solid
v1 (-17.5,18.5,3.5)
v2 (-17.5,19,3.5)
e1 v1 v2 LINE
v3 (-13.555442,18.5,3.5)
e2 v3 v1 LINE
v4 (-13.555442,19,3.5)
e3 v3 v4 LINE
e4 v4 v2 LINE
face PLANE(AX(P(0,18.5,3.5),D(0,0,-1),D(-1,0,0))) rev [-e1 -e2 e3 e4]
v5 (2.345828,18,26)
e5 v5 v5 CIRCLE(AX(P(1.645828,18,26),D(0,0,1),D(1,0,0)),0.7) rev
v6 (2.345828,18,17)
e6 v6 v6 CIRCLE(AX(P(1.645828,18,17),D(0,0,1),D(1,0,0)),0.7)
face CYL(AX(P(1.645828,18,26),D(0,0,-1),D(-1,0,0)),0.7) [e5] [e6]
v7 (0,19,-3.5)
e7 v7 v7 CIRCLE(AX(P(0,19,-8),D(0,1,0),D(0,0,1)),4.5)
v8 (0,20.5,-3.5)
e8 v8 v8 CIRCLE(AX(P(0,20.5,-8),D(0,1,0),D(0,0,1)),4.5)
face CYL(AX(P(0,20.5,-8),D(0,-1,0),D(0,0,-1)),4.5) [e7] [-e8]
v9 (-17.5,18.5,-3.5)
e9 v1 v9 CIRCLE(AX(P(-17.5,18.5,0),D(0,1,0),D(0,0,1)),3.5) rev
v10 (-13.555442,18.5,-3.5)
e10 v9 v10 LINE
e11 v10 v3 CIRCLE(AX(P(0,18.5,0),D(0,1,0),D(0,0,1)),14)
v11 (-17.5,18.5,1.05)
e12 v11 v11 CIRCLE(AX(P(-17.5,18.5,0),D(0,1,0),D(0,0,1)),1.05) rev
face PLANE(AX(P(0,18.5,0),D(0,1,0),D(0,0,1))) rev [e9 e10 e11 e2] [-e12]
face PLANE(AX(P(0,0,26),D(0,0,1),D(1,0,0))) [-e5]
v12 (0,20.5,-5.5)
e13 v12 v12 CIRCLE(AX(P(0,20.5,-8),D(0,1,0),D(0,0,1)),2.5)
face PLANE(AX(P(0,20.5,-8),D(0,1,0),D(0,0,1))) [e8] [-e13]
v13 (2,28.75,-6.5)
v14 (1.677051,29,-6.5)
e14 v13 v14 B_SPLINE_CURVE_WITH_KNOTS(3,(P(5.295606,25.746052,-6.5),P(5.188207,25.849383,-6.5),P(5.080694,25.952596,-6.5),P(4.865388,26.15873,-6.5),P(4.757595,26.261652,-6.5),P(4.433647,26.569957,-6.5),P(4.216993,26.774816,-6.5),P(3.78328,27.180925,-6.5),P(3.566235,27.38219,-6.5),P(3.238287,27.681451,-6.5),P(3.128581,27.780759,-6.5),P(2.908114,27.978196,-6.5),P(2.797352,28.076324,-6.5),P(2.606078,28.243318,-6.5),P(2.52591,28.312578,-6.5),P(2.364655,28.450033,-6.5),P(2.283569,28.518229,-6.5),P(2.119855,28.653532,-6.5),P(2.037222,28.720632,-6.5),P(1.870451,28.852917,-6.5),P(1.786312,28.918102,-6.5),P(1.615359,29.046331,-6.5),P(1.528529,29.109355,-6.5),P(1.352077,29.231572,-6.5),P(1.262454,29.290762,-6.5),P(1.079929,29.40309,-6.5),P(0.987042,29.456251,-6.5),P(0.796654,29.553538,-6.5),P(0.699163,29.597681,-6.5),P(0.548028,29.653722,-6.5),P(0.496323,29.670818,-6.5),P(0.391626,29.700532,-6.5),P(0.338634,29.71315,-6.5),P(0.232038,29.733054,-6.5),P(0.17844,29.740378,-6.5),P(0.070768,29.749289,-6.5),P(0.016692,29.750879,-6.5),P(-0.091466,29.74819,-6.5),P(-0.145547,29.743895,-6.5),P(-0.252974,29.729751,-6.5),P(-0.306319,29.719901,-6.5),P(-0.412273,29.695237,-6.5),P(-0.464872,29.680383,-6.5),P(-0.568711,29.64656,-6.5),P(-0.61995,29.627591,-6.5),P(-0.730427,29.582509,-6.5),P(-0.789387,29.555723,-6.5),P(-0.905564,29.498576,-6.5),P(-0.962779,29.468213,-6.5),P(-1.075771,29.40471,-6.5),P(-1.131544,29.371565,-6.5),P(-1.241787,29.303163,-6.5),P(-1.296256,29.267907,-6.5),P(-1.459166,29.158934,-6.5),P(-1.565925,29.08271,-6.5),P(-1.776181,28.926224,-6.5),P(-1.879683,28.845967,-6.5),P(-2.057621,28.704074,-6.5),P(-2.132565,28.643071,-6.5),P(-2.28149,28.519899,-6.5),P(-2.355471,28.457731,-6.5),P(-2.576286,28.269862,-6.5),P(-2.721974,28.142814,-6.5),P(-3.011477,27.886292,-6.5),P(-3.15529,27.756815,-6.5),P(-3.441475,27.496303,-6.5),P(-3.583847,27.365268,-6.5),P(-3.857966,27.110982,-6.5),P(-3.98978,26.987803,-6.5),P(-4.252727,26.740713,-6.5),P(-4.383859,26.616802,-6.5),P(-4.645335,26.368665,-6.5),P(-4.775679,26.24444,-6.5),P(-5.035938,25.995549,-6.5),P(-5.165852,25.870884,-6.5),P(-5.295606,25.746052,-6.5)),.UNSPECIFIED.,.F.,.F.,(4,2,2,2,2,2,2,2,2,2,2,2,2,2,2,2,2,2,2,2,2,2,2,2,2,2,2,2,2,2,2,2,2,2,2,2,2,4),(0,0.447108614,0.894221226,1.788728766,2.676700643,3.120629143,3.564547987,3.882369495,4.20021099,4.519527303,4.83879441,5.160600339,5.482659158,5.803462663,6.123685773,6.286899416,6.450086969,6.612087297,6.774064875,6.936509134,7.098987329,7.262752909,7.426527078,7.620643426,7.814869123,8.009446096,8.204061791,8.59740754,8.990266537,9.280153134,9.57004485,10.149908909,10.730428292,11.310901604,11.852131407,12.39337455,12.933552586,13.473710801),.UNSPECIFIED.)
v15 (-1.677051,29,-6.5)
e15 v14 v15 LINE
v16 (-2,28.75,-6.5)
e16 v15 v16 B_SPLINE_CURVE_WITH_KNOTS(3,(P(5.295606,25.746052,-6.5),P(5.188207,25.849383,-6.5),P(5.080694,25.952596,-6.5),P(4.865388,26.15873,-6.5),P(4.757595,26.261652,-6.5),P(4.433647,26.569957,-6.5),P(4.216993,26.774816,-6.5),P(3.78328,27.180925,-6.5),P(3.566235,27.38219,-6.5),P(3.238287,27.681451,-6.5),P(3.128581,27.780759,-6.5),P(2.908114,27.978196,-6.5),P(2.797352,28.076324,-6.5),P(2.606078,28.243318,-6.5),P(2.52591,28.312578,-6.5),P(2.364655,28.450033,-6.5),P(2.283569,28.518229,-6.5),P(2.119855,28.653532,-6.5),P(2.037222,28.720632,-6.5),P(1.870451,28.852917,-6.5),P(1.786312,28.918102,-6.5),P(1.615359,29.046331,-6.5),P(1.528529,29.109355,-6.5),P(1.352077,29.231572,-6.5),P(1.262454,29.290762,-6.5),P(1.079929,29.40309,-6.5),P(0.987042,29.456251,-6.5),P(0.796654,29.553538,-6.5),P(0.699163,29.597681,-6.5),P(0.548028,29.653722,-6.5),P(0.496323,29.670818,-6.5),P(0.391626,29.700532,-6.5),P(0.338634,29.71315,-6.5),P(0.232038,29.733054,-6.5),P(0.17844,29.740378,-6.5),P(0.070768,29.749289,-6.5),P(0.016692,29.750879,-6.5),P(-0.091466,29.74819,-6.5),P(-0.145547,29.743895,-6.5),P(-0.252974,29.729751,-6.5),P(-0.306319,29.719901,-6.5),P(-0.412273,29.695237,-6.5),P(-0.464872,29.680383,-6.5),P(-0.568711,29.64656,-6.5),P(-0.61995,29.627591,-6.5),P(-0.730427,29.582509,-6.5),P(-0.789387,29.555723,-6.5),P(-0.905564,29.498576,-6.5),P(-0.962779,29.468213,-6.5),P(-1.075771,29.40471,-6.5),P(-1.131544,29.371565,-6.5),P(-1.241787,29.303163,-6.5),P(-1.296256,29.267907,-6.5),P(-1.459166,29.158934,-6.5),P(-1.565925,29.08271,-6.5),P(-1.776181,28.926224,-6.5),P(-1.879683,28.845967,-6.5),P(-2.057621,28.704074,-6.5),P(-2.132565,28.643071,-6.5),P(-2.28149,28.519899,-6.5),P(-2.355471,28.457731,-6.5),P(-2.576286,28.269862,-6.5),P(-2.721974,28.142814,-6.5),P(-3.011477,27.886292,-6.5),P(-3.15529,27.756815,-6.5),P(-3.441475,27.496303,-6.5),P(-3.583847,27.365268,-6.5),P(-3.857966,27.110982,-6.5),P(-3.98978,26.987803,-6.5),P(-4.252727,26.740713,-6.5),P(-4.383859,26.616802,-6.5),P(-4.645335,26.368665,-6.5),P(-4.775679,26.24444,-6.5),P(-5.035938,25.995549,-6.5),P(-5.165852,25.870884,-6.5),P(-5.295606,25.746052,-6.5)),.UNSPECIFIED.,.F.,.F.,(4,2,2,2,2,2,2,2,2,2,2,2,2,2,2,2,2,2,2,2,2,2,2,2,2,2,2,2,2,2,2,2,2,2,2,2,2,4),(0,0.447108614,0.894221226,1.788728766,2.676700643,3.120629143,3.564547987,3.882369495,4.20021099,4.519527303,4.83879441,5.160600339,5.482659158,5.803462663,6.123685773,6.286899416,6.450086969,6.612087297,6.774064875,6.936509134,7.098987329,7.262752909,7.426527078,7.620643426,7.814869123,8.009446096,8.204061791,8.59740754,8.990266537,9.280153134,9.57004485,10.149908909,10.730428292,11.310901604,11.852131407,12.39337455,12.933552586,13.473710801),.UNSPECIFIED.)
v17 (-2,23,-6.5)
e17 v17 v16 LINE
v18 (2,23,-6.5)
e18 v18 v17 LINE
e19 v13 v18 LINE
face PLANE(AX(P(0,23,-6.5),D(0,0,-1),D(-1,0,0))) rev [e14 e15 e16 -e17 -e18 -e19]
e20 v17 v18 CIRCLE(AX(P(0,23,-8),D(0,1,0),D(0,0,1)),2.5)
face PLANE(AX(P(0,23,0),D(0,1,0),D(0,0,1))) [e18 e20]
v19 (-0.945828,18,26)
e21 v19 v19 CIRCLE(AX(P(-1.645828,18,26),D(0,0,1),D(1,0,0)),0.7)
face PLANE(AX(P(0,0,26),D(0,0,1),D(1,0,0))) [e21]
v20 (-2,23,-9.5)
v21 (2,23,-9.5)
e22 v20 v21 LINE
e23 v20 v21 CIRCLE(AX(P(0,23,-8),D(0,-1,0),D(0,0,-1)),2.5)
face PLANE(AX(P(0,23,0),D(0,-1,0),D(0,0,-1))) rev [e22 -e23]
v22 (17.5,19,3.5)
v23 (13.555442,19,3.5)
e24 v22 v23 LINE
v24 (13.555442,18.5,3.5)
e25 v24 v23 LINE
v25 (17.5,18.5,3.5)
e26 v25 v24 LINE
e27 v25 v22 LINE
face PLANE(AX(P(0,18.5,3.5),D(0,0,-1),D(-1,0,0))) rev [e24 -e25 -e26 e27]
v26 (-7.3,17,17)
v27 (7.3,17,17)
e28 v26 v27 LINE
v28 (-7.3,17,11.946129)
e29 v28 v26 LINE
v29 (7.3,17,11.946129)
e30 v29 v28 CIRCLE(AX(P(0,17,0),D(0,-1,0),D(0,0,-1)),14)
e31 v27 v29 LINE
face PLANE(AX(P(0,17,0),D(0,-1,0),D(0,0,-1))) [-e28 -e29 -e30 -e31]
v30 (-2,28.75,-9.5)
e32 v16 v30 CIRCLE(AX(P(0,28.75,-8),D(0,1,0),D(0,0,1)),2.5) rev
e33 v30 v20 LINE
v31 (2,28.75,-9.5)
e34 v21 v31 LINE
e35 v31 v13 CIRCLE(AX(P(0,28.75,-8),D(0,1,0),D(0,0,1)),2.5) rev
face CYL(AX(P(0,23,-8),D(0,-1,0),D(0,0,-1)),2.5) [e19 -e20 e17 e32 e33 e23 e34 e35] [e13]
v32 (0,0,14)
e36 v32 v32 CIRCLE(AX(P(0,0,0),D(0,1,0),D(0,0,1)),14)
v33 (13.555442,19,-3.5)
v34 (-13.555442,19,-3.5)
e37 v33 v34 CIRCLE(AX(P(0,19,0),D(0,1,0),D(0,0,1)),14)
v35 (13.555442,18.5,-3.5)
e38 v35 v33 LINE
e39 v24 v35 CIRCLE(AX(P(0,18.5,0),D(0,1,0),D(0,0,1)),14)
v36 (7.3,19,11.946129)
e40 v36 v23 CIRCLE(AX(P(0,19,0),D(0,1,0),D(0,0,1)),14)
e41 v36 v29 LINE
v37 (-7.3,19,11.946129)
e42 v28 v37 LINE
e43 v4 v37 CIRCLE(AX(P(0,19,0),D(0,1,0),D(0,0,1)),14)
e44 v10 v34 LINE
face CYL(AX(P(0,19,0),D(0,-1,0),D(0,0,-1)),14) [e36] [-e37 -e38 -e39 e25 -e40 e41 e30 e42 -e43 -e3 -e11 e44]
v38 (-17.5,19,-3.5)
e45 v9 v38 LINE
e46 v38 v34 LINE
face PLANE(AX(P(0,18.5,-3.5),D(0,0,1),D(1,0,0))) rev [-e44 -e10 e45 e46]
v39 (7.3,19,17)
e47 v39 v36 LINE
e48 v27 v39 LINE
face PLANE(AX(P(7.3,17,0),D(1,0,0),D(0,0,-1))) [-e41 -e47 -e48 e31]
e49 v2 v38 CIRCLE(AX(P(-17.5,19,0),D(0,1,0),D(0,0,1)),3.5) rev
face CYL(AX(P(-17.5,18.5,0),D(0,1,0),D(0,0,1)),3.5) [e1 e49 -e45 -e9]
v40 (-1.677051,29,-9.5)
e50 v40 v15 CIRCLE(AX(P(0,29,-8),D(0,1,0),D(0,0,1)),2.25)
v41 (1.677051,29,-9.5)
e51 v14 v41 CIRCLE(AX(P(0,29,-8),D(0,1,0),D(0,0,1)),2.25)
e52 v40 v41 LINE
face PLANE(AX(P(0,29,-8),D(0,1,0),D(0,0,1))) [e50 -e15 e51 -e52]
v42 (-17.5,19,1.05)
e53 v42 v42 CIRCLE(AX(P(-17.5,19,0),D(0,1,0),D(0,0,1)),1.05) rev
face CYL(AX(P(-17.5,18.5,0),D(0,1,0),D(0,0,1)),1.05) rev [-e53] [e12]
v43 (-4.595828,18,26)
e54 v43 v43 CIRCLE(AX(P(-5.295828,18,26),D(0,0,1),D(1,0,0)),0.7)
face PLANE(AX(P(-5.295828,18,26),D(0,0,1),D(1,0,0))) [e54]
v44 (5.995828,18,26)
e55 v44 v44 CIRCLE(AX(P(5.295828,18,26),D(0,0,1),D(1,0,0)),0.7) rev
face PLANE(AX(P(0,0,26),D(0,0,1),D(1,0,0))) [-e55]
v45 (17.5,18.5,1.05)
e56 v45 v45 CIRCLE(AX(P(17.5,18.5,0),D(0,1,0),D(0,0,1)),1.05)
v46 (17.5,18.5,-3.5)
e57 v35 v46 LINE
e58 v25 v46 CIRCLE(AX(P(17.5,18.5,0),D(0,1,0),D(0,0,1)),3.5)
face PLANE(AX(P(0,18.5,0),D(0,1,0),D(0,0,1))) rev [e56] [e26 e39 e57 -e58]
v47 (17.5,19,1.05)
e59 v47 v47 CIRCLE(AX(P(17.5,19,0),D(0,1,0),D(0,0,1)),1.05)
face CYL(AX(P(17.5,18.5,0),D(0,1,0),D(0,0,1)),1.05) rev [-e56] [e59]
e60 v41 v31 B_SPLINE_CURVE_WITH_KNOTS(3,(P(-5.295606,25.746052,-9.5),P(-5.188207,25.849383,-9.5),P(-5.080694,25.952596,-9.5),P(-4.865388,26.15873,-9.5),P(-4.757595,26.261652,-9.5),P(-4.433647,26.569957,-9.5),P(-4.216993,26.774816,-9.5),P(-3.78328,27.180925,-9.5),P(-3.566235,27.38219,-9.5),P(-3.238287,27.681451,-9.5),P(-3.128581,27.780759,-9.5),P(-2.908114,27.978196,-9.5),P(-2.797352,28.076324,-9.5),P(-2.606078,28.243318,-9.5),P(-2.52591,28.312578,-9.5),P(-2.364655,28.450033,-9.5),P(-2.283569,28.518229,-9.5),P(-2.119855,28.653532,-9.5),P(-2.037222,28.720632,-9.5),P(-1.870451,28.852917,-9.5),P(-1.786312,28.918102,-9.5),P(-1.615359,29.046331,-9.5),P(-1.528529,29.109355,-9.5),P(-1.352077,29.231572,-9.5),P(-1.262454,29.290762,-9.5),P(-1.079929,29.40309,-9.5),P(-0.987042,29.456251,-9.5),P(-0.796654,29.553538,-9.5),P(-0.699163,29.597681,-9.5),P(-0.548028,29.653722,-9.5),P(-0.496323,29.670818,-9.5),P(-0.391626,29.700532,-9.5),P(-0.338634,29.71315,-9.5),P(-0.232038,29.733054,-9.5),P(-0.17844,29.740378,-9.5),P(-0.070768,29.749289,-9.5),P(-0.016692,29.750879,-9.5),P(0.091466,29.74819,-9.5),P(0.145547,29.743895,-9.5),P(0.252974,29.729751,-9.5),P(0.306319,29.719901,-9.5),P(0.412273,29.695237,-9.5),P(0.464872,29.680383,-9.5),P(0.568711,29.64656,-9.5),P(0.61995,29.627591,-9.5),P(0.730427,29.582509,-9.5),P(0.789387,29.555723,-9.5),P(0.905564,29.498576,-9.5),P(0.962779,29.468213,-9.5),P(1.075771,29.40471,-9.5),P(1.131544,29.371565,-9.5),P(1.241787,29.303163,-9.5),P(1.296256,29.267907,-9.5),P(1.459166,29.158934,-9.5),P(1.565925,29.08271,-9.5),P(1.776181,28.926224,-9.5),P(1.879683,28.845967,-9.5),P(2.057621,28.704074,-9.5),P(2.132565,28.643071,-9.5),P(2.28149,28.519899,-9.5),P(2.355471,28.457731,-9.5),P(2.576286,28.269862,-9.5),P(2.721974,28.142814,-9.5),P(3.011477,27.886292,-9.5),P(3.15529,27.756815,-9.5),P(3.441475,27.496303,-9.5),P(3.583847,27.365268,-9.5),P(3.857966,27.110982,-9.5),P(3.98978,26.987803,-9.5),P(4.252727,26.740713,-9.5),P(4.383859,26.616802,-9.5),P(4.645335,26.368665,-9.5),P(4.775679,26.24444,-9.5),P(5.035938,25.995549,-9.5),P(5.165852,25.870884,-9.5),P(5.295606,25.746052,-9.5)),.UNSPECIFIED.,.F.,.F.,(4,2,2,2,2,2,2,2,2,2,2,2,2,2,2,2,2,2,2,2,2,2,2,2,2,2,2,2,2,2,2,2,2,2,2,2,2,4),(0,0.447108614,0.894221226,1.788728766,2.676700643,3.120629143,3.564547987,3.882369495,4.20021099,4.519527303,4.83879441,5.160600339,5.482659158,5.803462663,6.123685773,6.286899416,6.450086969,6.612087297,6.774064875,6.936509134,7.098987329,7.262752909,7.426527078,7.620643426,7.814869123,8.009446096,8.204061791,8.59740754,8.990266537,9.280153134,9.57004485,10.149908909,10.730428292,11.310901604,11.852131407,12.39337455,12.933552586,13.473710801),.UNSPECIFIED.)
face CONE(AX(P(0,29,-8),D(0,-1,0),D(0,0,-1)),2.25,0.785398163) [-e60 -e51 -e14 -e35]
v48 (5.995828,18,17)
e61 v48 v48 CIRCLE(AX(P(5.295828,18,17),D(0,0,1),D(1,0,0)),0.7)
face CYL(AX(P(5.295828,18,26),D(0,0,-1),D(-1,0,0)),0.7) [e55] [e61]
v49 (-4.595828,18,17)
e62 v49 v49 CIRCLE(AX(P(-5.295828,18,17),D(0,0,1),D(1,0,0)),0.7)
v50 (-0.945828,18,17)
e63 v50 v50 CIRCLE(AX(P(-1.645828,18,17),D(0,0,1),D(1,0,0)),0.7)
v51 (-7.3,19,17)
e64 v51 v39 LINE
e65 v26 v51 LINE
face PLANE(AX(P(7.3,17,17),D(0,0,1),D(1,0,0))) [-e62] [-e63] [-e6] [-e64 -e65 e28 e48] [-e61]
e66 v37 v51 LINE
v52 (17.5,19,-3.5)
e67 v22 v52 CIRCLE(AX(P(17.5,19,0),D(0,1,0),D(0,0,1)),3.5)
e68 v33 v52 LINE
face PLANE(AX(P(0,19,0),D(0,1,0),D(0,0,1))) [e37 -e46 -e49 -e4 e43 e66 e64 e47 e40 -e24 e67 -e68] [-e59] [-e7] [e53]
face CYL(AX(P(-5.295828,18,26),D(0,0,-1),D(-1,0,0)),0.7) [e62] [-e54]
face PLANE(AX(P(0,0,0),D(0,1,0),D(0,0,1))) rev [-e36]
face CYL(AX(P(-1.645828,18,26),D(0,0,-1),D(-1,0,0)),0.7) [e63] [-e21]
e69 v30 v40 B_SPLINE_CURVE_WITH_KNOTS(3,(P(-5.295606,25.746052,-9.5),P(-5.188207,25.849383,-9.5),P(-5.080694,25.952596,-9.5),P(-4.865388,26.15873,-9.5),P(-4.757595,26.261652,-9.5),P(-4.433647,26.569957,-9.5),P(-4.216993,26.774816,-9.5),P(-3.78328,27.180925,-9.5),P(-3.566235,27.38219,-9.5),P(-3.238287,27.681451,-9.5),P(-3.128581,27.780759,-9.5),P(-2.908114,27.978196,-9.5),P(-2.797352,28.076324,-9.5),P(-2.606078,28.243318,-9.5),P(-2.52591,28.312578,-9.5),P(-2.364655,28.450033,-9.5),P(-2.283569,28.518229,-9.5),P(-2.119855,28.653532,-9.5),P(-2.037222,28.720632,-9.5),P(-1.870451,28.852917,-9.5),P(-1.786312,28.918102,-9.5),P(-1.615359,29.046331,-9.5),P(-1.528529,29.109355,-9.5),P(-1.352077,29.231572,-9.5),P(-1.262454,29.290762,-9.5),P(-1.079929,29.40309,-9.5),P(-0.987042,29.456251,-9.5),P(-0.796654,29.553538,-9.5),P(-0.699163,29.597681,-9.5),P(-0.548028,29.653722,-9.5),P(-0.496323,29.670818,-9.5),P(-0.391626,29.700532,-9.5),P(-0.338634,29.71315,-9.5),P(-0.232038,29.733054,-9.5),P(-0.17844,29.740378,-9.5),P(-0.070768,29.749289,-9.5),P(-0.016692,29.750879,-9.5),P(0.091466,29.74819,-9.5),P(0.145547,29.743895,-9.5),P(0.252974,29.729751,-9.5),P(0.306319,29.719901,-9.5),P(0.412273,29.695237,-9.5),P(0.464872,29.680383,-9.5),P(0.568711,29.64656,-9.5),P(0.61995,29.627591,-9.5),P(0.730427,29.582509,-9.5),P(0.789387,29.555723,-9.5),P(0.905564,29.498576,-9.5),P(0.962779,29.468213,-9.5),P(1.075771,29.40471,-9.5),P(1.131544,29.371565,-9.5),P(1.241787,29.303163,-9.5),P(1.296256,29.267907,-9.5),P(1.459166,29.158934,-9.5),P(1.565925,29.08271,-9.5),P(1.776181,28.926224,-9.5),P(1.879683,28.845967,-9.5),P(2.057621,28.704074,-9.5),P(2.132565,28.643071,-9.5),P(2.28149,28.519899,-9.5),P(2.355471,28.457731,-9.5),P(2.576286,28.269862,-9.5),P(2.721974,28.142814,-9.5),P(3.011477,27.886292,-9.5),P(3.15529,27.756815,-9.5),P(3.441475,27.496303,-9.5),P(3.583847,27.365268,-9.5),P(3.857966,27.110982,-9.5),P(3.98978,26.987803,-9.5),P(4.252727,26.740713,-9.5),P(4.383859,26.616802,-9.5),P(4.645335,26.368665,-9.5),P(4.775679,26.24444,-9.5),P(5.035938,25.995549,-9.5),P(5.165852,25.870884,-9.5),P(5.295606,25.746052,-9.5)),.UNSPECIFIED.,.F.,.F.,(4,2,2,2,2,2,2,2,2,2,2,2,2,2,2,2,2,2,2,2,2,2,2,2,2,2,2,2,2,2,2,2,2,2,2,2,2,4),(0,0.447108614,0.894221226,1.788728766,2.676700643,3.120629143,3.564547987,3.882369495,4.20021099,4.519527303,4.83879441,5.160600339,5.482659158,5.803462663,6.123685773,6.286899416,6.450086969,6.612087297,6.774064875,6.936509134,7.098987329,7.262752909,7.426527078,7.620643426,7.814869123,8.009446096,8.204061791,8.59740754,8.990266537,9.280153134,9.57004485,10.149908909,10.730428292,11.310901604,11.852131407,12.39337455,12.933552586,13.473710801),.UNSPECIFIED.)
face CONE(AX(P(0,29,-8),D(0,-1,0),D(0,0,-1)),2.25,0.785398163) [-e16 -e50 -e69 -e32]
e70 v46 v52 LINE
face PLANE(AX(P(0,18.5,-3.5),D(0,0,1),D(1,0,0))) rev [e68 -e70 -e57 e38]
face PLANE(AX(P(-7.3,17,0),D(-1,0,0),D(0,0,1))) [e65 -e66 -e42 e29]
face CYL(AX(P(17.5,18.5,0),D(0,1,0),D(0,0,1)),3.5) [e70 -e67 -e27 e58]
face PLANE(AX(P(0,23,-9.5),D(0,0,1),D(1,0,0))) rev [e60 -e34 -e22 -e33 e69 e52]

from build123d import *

# Parameters (mm, degrees)
SKETCH1_R           = 14
BOSS_EXTRUDE1_DEPTH = 19
SKETCH2_R           = 4.5
BOSS_EXTRUDE2_DEPTH = 1.5
SKETCH3_R           = 2.5
BOSS_EXTRUDE3_DEPTH = 2.5
SKETCH4_R           = 2.5
BOSS_EXTRUDE4_DEPTH = 6
CHAMFER1_SIZE       = 0.25
BOSS_EXTRUDE5_START = -0.5
SKETCH6_R           = 1.05
BOSS_EXTRUDE5_DEPTH = 0.5
CUT_EXTRUDE1_DEPTH  = 6
SKETCH8_W           = 14.6
SKETCH8_H           = 17
BOSS_EXTRUDE6_DEPTH = 2
SKETCH9_R           = 0.7
BOSS_EXTRUDE7_DEPTH = 9


with BuildPart() as part:
    # Sketch1 → Boss-Extrude1 (new body)
    with BuildSketch(Plane(origin=(0, 0, 0), x_dir=(1, 0, 0), z_dir=(0, 1, 0))):
        with Locations(Location((0, 0, 0), (0, 0, 270))):
            Circle(SKETCH1_R)
    extrude(amount=BOSS_EXTRUDE1_DEPTH)

    # Sketch2 → Boss-Extrude2 (add)
    with BuildSketch(Plane(origin=(0, 19, 0), x_dir=(1, 0, 0), z_dir=(0, 1, 0))):
        with Locations(Location((0, 8, 0), (0, 0, 270))):
            Circle(SKETCH2_R)
    extrude(amount=BOSS_EXTRUDE2_DEPTH)

    # Sketch3 → Boss-Extrude3 (add)
    with BuildSketch(Plane(origin=(0, 20.5, 0), x_dir=(1, 0, 0), z_dir=(0, 1, 0))):
        with Locations(Location((0, 8, 0), (0, 0, 270))):
            Circle(SKETCH3_R)
    extrude(amount=BOSS_EXTRUDE3_DEPTH)

    # Sketch4 → Boss-Extrude4 (add)
    with BuildSketch(Plane(origin=(0, 23, 0), x_dir=(1, 0, 0), z_dir=(0, 1, 0))):
        with Locations(Location((0, 8, 0), (0, 0, 270))):
            Circle(SKETCH4_R)
    extrude(amount=BOSS_EXTRUDE4_DEPTH)

    # Chamfer1
    chamfer1_edges = [part.edges().sort_by_distance(p)[0] for p in [
        (0, 29, -10.5),
    ]]
    chamfer(chamfer1_edges, length=CHAMFER1_SIZE)

    # Sketch6 → Boss-Extrude5 (add)
    # profile 1 of 2: a face of its own
    with BuildSketch(Plane(origin=(0, 19, 0), x_dir=(1, 0, 0), z_dir=(0, 1, 0)).offset(BOSS_EXTRUDE5_START)):
        with BuildLine():
            Line((-13.555441712, 3.5), (-17.5, 3.5))
            ThreePointArc((-17.5, 3.5), (-21, 0), (-17.5, -3.5))
            Line((-17.5, -3.5), (-13.555441712, -3.5))
            ThreePointArc((-13.555441712, -3.5), (-14, 0), (-13.555441712, 3.5))
        make_face()
        with Locations(Location((-17.5, 0, 0), (0, 0, 270))):
            Circle(SKETCH6_R, mode=Mode.SUBTRACT)
    # profile 2 of 2: a face of its own
    with BuildSketch(Plane(origin=(0, 19, 0), x_dir=(1, 0, 0), z_dir=(0, 1, 0)).offset(BOSS_EXTRUDE5_START)):
        with BuildLine():
            Line((17.5, 3.5), (13.555441712, 3.5))
            ThreePointArc((13.555441712, 3.5), (13.888415748, 1.764060095), (14, 0))
            ThreePointArc((14, 0), (13.888415748, -1.764060095), (13.555441712, -3.5))
            Line((13.555441712, -3.5), (17.5, -3.5))
            ThreePointArc((17.5, -3.5), (21, 0), (17.5, 3.5))
        make_face()
        with BuildLine():
            ThreePointArc((16.45, 0), (17.5, 1.05), (18.55, 0))
            ThreePointArc((18.55, 0), (17.5, -1.05), (16.45, 0))
        make_face(mode=Mode.SUBTRACT)
    extrude(amount=BOSS_EXTRUDE5_DEPTH)

    # Sketch7 → Cut-Extrude1 (cut)
    with BuildSketch(Plane(origin=(0, 29, 0), x_dir=(1, 0, 0), z_dir=(0, 1, 0))):
        Polygon((0, 9.5), (-3.852733209, 9.5), (-3.852733209, 12.808282557), (3.692444336, 12.808282557), (3.692444336, 9.5), align=None)
        Polygon((3.692444336, 6.5), (0, 6.5), (-3.852733209, 6.5), (-3.852733209, 3.191717443), (3.692444336, 3.191717443), align=None)
    extrude(amount=-CUT_EXTRUDE1_DEPTH, mode=Mode.SUBTRACT)

    # Sketch8 → Boss-Extrude6 (add)
    with BuildSketch(Plane(origin=(0, 19, 0), x_dir=(1, 0, 0), z_dir=(0, 1, 0))):
        with Locations((0, -8.5)):
            Rectangle(SKETCH8_W, SKETCH8_H)
    extrude(amount=-BOSS_EXTRUDE6_DEPTH)

    # Sketch9 → Boss-Extrude7 (add)
    with BuildSketch(Plane.XY.offset(17)):
        with Locations((-1.645828478, 18)):
            Circle(SKETCH9_R)
        with Locations((1.645828478, 18)):
            Circle(SKETCH9_R)
        with Locations((5.295828478, 18)):
            Circle(SKETCH9_R)
        with Locations((-5.295828478, 18)):
            Circle(SKETCH9_R)
    extrude(amount=BOSS_EXTRUDE7_DEPTH)


solid = part.part
